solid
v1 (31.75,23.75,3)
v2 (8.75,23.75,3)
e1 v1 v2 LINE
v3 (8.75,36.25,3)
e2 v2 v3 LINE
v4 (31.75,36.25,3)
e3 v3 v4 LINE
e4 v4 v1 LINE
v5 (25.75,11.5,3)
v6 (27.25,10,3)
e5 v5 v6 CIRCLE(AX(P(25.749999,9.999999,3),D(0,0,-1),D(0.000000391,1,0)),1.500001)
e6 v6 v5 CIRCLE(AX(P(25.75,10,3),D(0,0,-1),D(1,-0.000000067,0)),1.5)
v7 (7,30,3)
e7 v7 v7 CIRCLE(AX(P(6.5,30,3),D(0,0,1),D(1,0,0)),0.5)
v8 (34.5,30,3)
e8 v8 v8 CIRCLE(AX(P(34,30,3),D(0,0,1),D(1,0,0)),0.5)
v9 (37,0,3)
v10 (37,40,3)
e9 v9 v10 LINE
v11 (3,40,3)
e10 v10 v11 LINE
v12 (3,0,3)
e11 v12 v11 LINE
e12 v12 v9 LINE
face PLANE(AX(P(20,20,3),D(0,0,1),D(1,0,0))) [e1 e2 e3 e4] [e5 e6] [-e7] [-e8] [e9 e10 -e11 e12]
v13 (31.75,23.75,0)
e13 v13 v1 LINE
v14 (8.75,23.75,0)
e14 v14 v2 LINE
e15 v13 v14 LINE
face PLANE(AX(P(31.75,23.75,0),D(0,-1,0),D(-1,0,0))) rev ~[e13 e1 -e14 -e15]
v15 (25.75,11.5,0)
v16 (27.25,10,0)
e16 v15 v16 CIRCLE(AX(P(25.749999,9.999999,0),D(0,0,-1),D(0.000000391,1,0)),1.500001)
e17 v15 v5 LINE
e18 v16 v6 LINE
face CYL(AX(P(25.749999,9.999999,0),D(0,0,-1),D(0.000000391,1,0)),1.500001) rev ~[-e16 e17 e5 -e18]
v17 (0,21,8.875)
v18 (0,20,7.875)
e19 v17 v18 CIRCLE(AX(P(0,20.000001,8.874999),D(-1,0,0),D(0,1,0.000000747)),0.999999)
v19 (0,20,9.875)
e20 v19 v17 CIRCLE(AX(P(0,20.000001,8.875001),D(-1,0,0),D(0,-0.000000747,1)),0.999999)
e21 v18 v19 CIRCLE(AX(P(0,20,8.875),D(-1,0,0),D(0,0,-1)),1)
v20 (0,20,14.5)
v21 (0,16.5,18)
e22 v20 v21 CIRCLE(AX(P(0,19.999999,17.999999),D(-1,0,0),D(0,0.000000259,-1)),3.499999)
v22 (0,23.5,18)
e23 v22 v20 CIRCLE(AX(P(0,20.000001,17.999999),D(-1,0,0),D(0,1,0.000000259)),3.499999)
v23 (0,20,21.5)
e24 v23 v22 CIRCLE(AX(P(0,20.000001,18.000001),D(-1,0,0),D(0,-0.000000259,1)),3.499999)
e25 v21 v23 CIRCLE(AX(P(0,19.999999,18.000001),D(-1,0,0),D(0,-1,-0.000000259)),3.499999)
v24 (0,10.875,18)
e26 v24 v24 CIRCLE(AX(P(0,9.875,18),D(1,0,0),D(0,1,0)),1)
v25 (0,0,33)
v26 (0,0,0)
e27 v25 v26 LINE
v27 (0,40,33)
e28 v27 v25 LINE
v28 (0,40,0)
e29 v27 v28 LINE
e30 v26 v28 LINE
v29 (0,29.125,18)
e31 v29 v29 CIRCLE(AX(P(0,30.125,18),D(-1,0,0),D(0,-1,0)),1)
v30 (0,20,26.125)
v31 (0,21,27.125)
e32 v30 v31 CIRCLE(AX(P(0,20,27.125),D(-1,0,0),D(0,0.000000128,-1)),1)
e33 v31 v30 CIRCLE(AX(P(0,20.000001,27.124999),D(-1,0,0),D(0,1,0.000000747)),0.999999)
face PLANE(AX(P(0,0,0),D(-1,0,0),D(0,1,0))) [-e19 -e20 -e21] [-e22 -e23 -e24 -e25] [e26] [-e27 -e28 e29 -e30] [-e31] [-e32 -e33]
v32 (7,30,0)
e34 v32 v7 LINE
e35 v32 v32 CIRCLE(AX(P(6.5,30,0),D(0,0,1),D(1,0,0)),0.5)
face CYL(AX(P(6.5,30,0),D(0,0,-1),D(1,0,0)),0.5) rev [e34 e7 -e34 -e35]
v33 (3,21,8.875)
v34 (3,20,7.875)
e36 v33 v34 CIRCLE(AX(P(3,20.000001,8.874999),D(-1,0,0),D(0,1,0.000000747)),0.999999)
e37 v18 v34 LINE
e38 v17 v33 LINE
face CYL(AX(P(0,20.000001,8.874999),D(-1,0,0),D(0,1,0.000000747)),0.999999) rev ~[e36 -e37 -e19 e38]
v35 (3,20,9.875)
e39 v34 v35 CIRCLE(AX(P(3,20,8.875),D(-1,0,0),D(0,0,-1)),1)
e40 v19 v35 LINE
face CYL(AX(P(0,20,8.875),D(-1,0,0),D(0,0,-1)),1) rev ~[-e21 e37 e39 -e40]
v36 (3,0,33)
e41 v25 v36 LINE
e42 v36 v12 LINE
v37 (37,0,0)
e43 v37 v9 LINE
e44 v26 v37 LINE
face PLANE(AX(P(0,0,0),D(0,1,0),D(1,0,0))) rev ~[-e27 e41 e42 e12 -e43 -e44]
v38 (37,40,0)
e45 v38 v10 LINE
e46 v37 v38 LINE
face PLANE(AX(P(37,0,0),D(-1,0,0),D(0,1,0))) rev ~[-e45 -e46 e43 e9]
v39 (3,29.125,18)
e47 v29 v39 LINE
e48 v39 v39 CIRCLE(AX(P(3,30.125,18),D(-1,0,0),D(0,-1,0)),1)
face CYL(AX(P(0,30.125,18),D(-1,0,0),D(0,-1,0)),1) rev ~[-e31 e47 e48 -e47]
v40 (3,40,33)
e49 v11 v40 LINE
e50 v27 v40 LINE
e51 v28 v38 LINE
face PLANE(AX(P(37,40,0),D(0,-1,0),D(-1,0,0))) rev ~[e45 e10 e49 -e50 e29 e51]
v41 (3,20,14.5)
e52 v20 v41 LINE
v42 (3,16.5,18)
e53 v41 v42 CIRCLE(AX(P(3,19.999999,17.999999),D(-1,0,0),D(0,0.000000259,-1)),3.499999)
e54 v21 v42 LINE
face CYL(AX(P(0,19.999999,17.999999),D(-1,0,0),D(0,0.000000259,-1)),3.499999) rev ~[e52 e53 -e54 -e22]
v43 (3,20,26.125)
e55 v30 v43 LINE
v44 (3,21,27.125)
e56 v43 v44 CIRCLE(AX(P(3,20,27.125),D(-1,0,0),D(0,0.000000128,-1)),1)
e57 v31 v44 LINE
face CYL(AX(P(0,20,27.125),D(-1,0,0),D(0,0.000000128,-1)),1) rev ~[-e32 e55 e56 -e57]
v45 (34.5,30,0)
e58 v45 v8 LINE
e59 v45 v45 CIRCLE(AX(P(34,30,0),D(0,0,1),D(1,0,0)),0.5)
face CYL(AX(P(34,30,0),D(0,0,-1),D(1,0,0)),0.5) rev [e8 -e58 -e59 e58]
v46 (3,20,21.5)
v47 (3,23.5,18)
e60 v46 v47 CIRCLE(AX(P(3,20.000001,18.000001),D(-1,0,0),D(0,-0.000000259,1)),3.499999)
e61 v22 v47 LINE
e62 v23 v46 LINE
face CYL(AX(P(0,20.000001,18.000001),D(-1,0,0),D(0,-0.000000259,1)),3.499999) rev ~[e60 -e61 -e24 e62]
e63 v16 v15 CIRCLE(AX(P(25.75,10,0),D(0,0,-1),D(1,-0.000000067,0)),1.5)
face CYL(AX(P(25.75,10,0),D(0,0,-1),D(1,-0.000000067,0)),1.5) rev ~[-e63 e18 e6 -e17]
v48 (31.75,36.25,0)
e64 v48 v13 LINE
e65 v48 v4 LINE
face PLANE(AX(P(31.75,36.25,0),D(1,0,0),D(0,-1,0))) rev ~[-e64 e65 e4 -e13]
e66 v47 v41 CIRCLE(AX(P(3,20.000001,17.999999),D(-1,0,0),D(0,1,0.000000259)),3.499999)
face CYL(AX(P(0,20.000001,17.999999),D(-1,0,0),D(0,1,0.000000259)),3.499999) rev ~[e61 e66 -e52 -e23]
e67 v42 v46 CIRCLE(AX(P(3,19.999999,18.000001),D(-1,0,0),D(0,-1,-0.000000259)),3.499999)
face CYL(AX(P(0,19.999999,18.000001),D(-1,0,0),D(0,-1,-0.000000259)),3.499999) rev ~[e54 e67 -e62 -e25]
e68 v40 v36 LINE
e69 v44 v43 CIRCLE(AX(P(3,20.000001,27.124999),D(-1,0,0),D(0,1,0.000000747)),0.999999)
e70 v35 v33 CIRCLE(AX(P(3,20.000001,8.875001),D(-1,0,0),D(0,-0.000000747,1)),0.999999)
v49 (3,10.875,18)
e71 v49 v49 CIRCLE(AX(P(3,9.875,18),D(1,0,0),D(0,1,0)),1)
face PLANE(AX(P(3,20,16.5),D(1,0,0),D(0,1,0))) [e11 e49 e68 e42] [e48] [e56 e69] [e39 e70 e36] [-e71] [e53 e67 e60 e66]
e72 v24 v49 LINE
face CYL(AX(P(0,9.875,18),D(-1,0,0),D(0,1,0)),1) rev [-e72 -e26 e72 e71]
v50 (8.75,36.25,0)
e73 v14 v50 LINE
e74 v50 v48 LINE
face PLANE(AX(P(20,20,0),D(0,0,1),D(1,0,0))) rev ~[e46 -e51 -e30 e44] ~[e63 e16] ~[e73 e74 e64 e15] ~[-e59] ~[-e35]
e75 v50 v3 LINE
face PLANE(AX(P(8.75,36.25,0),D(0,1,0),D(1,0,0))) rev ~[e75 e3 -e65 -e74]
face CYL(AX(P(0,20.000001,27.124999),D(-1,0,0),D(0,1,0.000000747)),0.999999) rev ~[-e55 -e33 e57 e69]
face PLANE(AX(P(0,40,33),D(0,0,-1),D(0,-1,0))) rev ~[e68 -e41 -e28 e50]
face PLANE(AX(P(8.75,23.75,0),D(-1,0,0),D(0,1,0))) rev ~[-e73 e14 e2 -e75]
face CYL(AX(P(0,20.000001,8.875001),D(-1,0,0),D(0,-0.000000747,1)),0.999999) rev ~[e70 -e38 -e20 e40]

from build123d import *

# Parameters (mm, degrees)
F0_W     = 34
F0_H     = 40
F0_R     = 0.5
F0_W_2   = 3
F1_DEPTH = 3
F2_R     = 1
F3_DEPTH = 3


with BuildPart() as f1:
    # F0 (on Top) → F1 (new body)
    with BuildSketch(Plane.XY):
        with Locations((20, 20)):
            Rectangle(F0_W, F0_H)
        with BuildLine():
            ThreePointArc((27.25, 10), (24.68934, 8.93934), (25.75, 11.5))
            ThreePointArc((25.75, 11.5), (26.81066, 11.06066), (27.25, 10))
        make_face(mode=Mode.SUBTRACT)
        with Locations((6.5, 30)):
            Circle(F0_R, mode=Mode.SUBTRACT)
        Polygon((8.75, 23.75), (8.75, 36.25), (31.75, 36.25), (31.75, 23.75), (25.75, 23.75), (14.75, 23.75), align=None, mode=Mode.SUBTRACT)
        with Locations((34, 30)):
            Circle(F0_R, mode=Mode.SUBTRACT)
        with Locations((1.5, 20)):
            Rectangle(F0_W_2, F0_H)
    extrude(amount=F1_DEPTH)

    # F2 (on Right) → F3 (join)
    with BuildSketch(Plane.YZ):
        Polygon((0, 3), (0, 0), (20, 0), (40, 0), (40, 30), (40, 33), (34, 33), (0, 33), align=None)
        with BuildLine():
            ThreePointArc((21, 8.875), (20.707107, 8.167893), (20, 7.875))
            ThreePointArc((20, 7.875), (19, 8.875), (20, 9.875))
            ThreePointArc((20, 9.875), (20.707107, 9.582107), (21, 8.875))
        make_face(mode=Mode.SUBTRACT)
        with Locations((9.875, 18)):
            Circle(F2_R, mode=Mode.SUBTRACT)
        with BuildLine():
            ThreePointArc((23.5, 18), (22.474874, 15.525126), (20, 14.5))
            ThreePointArc((20, 14.5), (17.525126, 15.525126), (16.5, 18))
            ThreePointArc((16.5, 18), (17.525126, 20.474874), (20, 21.5))
            ThreePointArc((20, 21.5), (22.474874, 20.474874), (23.5, 18))
        make_face(mode=Mode.SUBTRACT)
        with BuildLine():
            ThreePointArc((31.125, 18), (30.125, 17), (29.125, 18))
            ThreePointArc((29.125, 18), (30.125, 19), (31.125, 18))
        make_face(mode=Mode.SUBTRACT)
        with BuildLine():
            ThreePointArc((21, 27.125), (20.707107, 26.417893), (20, 26.125))
            ThreePointArc((20, 26.125), (19.292893, 27.832107), (21, 27.125))
        make_face(mode=Mode.SUBTRACT)
    extrude(amount=F3_DEPTH)


solid = f1.part
